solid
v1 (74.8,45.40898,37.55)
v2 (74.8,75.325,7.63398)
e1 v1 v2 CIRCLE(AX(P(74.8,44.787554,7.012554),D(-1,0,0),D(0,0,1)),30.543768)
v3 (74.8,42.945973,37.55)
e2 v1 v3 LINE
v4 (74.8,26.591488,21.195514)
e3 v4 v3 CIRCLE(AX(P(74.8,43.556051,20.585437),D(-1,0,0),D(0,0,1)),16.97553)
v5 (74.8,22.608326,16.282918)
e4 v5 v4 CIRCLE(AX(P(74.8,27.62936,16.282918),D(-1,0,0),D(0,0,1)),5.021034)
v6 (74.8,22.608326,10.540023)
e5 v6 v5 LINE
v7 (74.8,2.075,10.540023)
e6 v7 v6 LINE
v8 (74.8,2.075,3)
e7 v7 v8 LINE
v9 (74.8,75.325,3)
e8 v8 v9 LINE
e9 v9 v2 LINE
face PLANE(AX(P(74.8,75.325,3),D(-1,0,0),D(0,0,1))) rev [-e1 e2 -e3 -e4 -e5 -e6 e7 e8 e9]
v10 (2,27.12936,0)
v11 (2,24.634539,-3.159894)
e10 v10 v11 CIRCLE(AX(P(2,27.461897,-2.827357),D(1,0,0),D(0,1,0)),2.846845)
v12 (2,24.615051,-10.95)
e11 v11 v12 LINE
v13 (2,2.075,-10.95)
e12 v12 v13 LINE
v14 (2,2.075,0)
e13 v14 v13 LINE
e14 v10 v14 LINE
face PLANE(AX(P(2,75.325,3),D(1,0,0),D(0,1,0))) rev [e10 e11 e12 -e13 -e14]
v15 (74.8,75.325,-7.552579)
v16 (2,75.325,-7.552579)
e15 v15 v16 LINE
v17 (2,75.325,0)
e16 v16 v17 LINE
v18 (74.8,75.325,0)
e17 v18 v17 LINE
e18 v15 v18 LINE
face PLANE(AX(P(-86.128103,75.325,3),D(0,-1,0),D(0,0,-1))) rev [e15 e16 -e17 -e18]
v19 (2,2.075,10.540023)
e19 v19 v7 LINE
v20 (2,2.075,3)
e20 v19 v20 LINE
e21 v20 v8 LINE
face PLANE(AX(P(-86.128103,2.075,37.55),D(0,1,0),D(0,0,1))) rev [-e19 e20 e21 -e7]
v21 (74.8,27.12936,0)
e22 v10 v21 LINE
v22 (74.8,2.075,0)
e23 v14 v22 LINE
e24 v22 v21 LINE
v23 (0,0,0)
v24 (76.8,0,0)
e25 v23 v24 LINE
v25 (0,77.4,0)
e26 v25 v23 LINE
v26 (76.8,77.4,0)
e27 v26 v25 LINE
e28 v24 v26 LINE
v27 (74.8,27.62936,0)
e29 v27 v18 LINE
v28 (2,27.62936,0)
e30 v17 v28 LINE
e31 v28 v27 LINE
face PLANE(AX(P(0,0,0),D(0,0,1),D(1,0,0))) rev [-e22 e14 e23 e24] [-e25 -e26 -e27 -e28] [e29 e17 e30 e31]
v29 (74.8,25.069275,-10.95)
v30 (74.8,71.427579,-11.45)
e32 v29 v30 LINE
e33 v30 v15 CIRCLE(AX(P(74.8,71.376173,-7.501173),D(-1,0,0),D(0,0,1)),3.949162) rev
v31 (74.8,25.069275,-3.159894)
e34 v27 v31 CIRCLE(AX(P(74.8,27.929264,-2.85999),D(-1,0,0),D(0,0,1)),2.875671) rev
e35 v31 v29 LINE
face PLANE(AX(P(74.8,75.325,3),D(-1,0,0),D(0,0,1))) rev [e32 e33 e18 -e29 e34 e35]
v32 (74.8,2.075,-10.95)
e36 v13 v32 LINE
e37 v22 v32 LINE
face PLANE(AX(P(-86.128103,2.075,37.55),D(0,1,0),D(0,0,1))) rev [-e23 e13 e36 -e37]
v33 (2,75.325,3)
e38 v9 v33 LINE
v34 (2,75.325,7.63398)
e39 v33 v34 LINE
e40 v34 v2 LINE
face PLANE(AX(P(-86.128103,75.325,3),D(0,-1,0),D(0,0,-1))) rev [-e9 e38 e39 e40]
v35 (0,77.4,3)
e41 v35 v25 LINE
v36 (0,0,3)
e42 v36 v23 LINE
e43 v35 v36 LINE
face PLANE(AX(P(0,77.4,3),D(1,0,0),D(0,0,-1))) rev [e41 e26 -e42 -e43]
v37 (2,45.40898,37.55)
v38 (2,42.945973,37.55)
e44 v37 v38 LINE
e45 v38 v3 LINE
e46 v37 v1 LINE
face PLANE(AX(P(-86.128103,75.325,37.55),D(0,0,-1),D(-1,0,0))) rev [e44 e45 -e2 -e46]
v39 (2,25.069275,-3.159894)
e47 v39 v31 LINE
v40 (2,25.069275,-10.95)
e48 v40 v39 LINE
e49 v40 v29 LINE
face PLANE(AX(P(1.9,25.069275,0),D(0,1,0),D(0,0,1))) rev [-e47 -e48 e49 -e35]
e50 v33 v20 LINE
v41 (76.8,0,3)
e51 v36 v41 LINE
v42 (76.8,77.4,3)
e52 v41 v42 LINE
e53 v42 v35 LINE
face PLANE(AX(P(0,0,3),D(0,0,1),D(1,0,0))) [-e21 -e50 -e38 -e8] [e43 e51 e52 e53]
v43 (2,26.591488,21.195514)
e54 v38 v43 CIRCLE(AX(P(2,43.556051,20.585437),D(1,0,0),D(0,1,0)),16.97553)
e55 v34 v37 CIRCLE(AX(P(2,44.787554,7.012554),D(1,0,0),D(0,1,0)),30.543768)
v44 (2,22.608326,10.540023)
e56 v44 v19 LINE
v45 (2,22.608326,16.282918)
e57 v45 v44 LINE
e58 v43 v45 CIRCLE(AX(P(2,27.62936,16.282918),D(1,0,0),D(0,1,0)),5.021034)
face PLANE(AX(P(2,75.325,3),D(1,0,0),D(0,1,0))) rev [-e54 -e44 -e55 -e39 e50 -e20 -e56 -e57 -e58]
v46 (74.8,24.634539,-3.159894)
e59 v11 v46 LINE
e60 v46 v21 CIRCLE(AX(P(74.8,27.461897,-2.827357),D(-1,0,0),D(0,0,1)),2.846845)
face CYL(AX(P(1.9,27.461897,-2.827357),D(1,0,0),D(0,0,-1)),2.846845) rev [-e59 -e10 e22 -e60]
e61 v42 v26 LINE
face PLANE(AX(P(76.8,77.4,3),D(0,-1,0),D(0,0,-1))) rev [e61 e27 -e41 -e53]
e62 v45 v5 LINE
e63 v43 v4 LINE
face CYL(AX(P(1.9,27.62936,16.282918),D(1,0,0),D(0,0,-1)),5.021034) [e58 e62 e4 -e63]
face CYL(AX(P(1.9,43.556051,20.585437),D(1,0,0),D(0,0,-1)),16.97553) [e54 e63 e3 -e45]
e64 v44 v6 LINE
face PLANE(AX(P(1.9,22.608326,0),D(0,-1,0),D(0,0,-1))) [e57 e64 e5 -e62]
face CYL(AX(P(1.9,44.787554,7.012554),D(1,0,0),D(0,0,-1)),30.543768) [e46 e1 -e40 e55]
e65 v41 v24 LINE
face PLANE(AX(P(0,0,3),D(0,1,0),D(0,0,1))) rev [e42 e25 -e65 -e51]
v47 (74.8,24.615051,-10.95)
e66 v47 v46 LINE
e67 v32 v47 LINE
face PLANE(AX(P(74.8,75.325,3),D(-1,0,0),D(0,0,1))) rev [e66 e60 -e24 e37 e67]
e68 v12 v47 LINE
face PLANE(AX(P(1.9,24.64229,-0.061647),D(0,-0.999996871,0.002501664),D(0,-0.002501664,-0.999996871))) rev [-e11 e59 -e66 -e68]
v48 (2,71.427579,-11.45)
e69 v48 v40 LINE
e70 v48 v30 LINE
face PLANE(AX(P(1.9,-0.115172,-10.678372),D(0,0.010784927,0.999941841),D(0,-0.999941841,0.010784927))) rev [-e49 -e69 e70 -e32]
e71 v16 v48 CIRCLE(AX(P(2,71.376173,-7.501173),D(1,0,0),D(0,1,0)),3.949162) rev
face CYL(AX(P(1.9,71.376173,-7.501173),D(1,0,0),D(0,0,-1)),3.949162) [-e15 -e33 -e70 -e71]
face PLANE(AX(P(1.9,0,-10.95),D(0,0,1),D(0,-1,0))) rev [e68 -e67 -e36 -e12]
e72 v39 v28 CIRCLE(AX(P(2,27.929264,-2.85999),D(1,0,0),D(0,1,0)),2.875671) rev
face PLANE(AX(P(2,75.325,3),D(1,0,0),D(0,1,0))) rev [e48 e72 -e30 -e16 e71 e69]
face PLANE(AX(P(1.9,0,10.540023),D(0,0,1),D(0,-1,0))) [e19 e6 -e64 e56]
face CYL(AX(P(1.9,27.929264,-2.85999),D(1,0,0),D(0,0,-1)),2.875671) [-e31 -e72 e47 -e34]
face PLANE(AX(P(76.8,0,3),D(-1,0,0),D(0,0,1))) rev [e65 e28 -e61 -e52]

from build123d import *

# Parameters (mm, degrees)
SKETCH1_W                       = 76.8
SKETCH1_H                       = 77.4
SKETCH1_W_2                     = 72.8
SKETCH1_H_2                     = 73.25
BOSS_EXTRUDE1_DEPTH             = 3
BOSS_EXTRUDE2_REACH             = 88.454
BOSS_EXTRUDE2_DIRECTION_2_REACH = 88.454
CUT_EXTRUDE1_DEPTH              = 36.5
CUT_EXTRUDE1_DEPTH_BACK         = 36.5


with BuildPart() as part:
    # Sketch1 → Boss-Extrude1 (new body)
    with BuildSketch(Plane.XY):
        with Locations((38.4, 38.7)):
            Rectangle(SKETCH1_W, SKETCH1_H)
        with Locations((38.4, 38.7)):
            Rectangle(SKETCH1_W_2, SKETCH1_H_2, mode=Mode.SUBTRACT)
    extrude(amount=BOSS_EXTRUDE1_DEPTH)

    # Boss-Extrude2: up to this face of the body (flat: up to its plane)
    boss_extrude2_end = Plane(part.part.faces().sort_by_distance((2, 38.7, 1.5))[0])
    # Sketch3 → Boss-Extrude2 (add, up to the picked face)
    with BuildSketch(Plane.ZY.offset(-38.4), mode=Mode.PRIVATE) as boss_extrude2_sk1:
        Polygon((3, 75.325), (37.55, 75.325), (37.55, 2.075), (3, 2.075), (-11.45, 2.075), (-11.45, 75.325), align=None)
    boss_extrude2_tool1 = split(extrude(boss_extrude2_sk1.sketch, amount=BOSS_EXTRUDE2_REACH, mode=Mode.PRIVATE), bisect_by=boss_extrude2_end, keep=Keep.BOTH, mode=Mode.PRIVATE)
    add(boss_extrude2_tool1.solids().sort_by(Axis((38.4, 38.7, 13.05), (-1, 0, 0)))[0])

    # Boss-Extrude2 direction 2: up to this face of the body (flat: up to its plane)
    boss_extrude2_direction_2_end = Plane(part.part.faces().sort_by_distance((74.8, 38.7, 1.5))[0])
    # Sketch3 → Boss-Extrude2 direction 2 (add, up to the picked face)
    with BuildSketch(Plane.ZY.offset(-38.4), mode=Mode.PRIVATE) as boss_extrude2_direction_2_sk1:
        Polygon((3, 75.325), (37.55, 75.325), (37.55, 2.075), (3, 2.075), (-11.45, 2.075), (-11.45, 75.325), align=None)
    boss_extrude2_direction_2_tool1 = split(extrude(boss_extrude2_direction_2_sk1.sketch, amount=-BOSS_EXTRUDE2_DIRECTION_2_REACH, mode=Mode.PRIVATE), bisect_by=boss_extrude2_direction_2_end, keep=Keep.BOTH, mode=Mode.PRIVATE)
    add(boss_extrude2_direction_2_tool1.solids().sort_by(Axis((38.4, 38.7, 13.05), (1, 0, 0)))[0])

    # Sketch4 → Cut-Extrude1 (cut, two sides: drawn at the far end of the back side and taken through both)
    with BuildSketch(Plane.ZY.offset(-38.4).offset(-CUT_EXTRUDE1_DEPTH_BACK)):
        with BuildLine():
            Line((-10.95, 25.069274624), (-11.45, 71.427579202))
            Line((-11.45, 71.427579202), (-11.45, 2.075))
            Line((-11.45, 2.075), (-10.95, 2.075))
            Line((-10.95, 2.075), (-10.95, 24.615051172))
            Line((-10.95, 24.615051172), (-3.159893594, 24.634539463))
            ThreePointArc((-3.159893594, 24.634539463), (-1.063252525, 25.227514391), (0, 27.129360101))
            Line((0, 27.129360101), (0, 27.629360101))
            ThreePointArc((0, 27.629360101), (-1.049735735, 25.694881971), (-3.159893594, 25.069274624))
            Line((-3.159893594, 25.069274624), (-10.95, 25.069274624))
        make_face()
        with BuildLine():
            ThreePointArc((-7.449766555, 75.325), (-7.501172879, 75.325334593), (-7.552579202, 75.325))
            Line((-7.552579202, 75.325), (-7.449766555, 75.325))
        make_face()
        with BuildLine():
            Line((-11.45, 75.325), (-11.45, 71.427579202))
            ThreePointArc((-11.45, 71.427579202), (-10.293651907, 74.168651907), (-7.552579202, 75.325))
            Line((-7.552579202, 75.325), (-11.45, 75.325))
        make_face()
        with BuildLine():
            ThreePointArc((21.195514184, 26.59148761), (19.445162982, 23.729233412), (16.282917728, 22.60832602))
            Line((16.282917728, 22.60832602), (10.540023281, 22.60832602))
            Line((10.540023281, 22.60832602), (10.540023281, 2.075))
            Line((10.540023281, 2.075), (37.55, 2.075))
            Line((37.55, 2.075), (37.55, 42.945973427))
            ThreePointArc((37.55, 42.945973427), (32.588948731, 31.55253888), (21.195514184, 26.59148761))
        make_face()
        with BuildLine():
            ThreePointArc((7.633980307, 75.325), (28.610259758, 66.385259758), (37.55, 45.408980307))
            Line((37.55, 45.408980307), (37.55, 75.325))
            Line((37.55, 75.325), (7.633980307, 75.325))
        make_face()
        with BuildLine():
            Line((37.55, 45.408980307), (37.55, 44.16612845))
            ThreePointArc((37.55, 44.16612845), (37.556322242, 44.787554379), (37.55, 45.408980307))
        make_face()
        with BuildLine():
            Line((37.55, 44.16612845), (37.55, 42.945973427))
            ThreePointArc((37.55, 42.945973427), (37.560966221, 43.556050938), (37.55, 44.16612845))
        make_face()
    extrude(amount=CUT_EXTRUDE1_DEPTH + CUT_EXTRUDE1_DEPTH_BACK, mode=Mode.SUBTRACT)


solid = part.part
